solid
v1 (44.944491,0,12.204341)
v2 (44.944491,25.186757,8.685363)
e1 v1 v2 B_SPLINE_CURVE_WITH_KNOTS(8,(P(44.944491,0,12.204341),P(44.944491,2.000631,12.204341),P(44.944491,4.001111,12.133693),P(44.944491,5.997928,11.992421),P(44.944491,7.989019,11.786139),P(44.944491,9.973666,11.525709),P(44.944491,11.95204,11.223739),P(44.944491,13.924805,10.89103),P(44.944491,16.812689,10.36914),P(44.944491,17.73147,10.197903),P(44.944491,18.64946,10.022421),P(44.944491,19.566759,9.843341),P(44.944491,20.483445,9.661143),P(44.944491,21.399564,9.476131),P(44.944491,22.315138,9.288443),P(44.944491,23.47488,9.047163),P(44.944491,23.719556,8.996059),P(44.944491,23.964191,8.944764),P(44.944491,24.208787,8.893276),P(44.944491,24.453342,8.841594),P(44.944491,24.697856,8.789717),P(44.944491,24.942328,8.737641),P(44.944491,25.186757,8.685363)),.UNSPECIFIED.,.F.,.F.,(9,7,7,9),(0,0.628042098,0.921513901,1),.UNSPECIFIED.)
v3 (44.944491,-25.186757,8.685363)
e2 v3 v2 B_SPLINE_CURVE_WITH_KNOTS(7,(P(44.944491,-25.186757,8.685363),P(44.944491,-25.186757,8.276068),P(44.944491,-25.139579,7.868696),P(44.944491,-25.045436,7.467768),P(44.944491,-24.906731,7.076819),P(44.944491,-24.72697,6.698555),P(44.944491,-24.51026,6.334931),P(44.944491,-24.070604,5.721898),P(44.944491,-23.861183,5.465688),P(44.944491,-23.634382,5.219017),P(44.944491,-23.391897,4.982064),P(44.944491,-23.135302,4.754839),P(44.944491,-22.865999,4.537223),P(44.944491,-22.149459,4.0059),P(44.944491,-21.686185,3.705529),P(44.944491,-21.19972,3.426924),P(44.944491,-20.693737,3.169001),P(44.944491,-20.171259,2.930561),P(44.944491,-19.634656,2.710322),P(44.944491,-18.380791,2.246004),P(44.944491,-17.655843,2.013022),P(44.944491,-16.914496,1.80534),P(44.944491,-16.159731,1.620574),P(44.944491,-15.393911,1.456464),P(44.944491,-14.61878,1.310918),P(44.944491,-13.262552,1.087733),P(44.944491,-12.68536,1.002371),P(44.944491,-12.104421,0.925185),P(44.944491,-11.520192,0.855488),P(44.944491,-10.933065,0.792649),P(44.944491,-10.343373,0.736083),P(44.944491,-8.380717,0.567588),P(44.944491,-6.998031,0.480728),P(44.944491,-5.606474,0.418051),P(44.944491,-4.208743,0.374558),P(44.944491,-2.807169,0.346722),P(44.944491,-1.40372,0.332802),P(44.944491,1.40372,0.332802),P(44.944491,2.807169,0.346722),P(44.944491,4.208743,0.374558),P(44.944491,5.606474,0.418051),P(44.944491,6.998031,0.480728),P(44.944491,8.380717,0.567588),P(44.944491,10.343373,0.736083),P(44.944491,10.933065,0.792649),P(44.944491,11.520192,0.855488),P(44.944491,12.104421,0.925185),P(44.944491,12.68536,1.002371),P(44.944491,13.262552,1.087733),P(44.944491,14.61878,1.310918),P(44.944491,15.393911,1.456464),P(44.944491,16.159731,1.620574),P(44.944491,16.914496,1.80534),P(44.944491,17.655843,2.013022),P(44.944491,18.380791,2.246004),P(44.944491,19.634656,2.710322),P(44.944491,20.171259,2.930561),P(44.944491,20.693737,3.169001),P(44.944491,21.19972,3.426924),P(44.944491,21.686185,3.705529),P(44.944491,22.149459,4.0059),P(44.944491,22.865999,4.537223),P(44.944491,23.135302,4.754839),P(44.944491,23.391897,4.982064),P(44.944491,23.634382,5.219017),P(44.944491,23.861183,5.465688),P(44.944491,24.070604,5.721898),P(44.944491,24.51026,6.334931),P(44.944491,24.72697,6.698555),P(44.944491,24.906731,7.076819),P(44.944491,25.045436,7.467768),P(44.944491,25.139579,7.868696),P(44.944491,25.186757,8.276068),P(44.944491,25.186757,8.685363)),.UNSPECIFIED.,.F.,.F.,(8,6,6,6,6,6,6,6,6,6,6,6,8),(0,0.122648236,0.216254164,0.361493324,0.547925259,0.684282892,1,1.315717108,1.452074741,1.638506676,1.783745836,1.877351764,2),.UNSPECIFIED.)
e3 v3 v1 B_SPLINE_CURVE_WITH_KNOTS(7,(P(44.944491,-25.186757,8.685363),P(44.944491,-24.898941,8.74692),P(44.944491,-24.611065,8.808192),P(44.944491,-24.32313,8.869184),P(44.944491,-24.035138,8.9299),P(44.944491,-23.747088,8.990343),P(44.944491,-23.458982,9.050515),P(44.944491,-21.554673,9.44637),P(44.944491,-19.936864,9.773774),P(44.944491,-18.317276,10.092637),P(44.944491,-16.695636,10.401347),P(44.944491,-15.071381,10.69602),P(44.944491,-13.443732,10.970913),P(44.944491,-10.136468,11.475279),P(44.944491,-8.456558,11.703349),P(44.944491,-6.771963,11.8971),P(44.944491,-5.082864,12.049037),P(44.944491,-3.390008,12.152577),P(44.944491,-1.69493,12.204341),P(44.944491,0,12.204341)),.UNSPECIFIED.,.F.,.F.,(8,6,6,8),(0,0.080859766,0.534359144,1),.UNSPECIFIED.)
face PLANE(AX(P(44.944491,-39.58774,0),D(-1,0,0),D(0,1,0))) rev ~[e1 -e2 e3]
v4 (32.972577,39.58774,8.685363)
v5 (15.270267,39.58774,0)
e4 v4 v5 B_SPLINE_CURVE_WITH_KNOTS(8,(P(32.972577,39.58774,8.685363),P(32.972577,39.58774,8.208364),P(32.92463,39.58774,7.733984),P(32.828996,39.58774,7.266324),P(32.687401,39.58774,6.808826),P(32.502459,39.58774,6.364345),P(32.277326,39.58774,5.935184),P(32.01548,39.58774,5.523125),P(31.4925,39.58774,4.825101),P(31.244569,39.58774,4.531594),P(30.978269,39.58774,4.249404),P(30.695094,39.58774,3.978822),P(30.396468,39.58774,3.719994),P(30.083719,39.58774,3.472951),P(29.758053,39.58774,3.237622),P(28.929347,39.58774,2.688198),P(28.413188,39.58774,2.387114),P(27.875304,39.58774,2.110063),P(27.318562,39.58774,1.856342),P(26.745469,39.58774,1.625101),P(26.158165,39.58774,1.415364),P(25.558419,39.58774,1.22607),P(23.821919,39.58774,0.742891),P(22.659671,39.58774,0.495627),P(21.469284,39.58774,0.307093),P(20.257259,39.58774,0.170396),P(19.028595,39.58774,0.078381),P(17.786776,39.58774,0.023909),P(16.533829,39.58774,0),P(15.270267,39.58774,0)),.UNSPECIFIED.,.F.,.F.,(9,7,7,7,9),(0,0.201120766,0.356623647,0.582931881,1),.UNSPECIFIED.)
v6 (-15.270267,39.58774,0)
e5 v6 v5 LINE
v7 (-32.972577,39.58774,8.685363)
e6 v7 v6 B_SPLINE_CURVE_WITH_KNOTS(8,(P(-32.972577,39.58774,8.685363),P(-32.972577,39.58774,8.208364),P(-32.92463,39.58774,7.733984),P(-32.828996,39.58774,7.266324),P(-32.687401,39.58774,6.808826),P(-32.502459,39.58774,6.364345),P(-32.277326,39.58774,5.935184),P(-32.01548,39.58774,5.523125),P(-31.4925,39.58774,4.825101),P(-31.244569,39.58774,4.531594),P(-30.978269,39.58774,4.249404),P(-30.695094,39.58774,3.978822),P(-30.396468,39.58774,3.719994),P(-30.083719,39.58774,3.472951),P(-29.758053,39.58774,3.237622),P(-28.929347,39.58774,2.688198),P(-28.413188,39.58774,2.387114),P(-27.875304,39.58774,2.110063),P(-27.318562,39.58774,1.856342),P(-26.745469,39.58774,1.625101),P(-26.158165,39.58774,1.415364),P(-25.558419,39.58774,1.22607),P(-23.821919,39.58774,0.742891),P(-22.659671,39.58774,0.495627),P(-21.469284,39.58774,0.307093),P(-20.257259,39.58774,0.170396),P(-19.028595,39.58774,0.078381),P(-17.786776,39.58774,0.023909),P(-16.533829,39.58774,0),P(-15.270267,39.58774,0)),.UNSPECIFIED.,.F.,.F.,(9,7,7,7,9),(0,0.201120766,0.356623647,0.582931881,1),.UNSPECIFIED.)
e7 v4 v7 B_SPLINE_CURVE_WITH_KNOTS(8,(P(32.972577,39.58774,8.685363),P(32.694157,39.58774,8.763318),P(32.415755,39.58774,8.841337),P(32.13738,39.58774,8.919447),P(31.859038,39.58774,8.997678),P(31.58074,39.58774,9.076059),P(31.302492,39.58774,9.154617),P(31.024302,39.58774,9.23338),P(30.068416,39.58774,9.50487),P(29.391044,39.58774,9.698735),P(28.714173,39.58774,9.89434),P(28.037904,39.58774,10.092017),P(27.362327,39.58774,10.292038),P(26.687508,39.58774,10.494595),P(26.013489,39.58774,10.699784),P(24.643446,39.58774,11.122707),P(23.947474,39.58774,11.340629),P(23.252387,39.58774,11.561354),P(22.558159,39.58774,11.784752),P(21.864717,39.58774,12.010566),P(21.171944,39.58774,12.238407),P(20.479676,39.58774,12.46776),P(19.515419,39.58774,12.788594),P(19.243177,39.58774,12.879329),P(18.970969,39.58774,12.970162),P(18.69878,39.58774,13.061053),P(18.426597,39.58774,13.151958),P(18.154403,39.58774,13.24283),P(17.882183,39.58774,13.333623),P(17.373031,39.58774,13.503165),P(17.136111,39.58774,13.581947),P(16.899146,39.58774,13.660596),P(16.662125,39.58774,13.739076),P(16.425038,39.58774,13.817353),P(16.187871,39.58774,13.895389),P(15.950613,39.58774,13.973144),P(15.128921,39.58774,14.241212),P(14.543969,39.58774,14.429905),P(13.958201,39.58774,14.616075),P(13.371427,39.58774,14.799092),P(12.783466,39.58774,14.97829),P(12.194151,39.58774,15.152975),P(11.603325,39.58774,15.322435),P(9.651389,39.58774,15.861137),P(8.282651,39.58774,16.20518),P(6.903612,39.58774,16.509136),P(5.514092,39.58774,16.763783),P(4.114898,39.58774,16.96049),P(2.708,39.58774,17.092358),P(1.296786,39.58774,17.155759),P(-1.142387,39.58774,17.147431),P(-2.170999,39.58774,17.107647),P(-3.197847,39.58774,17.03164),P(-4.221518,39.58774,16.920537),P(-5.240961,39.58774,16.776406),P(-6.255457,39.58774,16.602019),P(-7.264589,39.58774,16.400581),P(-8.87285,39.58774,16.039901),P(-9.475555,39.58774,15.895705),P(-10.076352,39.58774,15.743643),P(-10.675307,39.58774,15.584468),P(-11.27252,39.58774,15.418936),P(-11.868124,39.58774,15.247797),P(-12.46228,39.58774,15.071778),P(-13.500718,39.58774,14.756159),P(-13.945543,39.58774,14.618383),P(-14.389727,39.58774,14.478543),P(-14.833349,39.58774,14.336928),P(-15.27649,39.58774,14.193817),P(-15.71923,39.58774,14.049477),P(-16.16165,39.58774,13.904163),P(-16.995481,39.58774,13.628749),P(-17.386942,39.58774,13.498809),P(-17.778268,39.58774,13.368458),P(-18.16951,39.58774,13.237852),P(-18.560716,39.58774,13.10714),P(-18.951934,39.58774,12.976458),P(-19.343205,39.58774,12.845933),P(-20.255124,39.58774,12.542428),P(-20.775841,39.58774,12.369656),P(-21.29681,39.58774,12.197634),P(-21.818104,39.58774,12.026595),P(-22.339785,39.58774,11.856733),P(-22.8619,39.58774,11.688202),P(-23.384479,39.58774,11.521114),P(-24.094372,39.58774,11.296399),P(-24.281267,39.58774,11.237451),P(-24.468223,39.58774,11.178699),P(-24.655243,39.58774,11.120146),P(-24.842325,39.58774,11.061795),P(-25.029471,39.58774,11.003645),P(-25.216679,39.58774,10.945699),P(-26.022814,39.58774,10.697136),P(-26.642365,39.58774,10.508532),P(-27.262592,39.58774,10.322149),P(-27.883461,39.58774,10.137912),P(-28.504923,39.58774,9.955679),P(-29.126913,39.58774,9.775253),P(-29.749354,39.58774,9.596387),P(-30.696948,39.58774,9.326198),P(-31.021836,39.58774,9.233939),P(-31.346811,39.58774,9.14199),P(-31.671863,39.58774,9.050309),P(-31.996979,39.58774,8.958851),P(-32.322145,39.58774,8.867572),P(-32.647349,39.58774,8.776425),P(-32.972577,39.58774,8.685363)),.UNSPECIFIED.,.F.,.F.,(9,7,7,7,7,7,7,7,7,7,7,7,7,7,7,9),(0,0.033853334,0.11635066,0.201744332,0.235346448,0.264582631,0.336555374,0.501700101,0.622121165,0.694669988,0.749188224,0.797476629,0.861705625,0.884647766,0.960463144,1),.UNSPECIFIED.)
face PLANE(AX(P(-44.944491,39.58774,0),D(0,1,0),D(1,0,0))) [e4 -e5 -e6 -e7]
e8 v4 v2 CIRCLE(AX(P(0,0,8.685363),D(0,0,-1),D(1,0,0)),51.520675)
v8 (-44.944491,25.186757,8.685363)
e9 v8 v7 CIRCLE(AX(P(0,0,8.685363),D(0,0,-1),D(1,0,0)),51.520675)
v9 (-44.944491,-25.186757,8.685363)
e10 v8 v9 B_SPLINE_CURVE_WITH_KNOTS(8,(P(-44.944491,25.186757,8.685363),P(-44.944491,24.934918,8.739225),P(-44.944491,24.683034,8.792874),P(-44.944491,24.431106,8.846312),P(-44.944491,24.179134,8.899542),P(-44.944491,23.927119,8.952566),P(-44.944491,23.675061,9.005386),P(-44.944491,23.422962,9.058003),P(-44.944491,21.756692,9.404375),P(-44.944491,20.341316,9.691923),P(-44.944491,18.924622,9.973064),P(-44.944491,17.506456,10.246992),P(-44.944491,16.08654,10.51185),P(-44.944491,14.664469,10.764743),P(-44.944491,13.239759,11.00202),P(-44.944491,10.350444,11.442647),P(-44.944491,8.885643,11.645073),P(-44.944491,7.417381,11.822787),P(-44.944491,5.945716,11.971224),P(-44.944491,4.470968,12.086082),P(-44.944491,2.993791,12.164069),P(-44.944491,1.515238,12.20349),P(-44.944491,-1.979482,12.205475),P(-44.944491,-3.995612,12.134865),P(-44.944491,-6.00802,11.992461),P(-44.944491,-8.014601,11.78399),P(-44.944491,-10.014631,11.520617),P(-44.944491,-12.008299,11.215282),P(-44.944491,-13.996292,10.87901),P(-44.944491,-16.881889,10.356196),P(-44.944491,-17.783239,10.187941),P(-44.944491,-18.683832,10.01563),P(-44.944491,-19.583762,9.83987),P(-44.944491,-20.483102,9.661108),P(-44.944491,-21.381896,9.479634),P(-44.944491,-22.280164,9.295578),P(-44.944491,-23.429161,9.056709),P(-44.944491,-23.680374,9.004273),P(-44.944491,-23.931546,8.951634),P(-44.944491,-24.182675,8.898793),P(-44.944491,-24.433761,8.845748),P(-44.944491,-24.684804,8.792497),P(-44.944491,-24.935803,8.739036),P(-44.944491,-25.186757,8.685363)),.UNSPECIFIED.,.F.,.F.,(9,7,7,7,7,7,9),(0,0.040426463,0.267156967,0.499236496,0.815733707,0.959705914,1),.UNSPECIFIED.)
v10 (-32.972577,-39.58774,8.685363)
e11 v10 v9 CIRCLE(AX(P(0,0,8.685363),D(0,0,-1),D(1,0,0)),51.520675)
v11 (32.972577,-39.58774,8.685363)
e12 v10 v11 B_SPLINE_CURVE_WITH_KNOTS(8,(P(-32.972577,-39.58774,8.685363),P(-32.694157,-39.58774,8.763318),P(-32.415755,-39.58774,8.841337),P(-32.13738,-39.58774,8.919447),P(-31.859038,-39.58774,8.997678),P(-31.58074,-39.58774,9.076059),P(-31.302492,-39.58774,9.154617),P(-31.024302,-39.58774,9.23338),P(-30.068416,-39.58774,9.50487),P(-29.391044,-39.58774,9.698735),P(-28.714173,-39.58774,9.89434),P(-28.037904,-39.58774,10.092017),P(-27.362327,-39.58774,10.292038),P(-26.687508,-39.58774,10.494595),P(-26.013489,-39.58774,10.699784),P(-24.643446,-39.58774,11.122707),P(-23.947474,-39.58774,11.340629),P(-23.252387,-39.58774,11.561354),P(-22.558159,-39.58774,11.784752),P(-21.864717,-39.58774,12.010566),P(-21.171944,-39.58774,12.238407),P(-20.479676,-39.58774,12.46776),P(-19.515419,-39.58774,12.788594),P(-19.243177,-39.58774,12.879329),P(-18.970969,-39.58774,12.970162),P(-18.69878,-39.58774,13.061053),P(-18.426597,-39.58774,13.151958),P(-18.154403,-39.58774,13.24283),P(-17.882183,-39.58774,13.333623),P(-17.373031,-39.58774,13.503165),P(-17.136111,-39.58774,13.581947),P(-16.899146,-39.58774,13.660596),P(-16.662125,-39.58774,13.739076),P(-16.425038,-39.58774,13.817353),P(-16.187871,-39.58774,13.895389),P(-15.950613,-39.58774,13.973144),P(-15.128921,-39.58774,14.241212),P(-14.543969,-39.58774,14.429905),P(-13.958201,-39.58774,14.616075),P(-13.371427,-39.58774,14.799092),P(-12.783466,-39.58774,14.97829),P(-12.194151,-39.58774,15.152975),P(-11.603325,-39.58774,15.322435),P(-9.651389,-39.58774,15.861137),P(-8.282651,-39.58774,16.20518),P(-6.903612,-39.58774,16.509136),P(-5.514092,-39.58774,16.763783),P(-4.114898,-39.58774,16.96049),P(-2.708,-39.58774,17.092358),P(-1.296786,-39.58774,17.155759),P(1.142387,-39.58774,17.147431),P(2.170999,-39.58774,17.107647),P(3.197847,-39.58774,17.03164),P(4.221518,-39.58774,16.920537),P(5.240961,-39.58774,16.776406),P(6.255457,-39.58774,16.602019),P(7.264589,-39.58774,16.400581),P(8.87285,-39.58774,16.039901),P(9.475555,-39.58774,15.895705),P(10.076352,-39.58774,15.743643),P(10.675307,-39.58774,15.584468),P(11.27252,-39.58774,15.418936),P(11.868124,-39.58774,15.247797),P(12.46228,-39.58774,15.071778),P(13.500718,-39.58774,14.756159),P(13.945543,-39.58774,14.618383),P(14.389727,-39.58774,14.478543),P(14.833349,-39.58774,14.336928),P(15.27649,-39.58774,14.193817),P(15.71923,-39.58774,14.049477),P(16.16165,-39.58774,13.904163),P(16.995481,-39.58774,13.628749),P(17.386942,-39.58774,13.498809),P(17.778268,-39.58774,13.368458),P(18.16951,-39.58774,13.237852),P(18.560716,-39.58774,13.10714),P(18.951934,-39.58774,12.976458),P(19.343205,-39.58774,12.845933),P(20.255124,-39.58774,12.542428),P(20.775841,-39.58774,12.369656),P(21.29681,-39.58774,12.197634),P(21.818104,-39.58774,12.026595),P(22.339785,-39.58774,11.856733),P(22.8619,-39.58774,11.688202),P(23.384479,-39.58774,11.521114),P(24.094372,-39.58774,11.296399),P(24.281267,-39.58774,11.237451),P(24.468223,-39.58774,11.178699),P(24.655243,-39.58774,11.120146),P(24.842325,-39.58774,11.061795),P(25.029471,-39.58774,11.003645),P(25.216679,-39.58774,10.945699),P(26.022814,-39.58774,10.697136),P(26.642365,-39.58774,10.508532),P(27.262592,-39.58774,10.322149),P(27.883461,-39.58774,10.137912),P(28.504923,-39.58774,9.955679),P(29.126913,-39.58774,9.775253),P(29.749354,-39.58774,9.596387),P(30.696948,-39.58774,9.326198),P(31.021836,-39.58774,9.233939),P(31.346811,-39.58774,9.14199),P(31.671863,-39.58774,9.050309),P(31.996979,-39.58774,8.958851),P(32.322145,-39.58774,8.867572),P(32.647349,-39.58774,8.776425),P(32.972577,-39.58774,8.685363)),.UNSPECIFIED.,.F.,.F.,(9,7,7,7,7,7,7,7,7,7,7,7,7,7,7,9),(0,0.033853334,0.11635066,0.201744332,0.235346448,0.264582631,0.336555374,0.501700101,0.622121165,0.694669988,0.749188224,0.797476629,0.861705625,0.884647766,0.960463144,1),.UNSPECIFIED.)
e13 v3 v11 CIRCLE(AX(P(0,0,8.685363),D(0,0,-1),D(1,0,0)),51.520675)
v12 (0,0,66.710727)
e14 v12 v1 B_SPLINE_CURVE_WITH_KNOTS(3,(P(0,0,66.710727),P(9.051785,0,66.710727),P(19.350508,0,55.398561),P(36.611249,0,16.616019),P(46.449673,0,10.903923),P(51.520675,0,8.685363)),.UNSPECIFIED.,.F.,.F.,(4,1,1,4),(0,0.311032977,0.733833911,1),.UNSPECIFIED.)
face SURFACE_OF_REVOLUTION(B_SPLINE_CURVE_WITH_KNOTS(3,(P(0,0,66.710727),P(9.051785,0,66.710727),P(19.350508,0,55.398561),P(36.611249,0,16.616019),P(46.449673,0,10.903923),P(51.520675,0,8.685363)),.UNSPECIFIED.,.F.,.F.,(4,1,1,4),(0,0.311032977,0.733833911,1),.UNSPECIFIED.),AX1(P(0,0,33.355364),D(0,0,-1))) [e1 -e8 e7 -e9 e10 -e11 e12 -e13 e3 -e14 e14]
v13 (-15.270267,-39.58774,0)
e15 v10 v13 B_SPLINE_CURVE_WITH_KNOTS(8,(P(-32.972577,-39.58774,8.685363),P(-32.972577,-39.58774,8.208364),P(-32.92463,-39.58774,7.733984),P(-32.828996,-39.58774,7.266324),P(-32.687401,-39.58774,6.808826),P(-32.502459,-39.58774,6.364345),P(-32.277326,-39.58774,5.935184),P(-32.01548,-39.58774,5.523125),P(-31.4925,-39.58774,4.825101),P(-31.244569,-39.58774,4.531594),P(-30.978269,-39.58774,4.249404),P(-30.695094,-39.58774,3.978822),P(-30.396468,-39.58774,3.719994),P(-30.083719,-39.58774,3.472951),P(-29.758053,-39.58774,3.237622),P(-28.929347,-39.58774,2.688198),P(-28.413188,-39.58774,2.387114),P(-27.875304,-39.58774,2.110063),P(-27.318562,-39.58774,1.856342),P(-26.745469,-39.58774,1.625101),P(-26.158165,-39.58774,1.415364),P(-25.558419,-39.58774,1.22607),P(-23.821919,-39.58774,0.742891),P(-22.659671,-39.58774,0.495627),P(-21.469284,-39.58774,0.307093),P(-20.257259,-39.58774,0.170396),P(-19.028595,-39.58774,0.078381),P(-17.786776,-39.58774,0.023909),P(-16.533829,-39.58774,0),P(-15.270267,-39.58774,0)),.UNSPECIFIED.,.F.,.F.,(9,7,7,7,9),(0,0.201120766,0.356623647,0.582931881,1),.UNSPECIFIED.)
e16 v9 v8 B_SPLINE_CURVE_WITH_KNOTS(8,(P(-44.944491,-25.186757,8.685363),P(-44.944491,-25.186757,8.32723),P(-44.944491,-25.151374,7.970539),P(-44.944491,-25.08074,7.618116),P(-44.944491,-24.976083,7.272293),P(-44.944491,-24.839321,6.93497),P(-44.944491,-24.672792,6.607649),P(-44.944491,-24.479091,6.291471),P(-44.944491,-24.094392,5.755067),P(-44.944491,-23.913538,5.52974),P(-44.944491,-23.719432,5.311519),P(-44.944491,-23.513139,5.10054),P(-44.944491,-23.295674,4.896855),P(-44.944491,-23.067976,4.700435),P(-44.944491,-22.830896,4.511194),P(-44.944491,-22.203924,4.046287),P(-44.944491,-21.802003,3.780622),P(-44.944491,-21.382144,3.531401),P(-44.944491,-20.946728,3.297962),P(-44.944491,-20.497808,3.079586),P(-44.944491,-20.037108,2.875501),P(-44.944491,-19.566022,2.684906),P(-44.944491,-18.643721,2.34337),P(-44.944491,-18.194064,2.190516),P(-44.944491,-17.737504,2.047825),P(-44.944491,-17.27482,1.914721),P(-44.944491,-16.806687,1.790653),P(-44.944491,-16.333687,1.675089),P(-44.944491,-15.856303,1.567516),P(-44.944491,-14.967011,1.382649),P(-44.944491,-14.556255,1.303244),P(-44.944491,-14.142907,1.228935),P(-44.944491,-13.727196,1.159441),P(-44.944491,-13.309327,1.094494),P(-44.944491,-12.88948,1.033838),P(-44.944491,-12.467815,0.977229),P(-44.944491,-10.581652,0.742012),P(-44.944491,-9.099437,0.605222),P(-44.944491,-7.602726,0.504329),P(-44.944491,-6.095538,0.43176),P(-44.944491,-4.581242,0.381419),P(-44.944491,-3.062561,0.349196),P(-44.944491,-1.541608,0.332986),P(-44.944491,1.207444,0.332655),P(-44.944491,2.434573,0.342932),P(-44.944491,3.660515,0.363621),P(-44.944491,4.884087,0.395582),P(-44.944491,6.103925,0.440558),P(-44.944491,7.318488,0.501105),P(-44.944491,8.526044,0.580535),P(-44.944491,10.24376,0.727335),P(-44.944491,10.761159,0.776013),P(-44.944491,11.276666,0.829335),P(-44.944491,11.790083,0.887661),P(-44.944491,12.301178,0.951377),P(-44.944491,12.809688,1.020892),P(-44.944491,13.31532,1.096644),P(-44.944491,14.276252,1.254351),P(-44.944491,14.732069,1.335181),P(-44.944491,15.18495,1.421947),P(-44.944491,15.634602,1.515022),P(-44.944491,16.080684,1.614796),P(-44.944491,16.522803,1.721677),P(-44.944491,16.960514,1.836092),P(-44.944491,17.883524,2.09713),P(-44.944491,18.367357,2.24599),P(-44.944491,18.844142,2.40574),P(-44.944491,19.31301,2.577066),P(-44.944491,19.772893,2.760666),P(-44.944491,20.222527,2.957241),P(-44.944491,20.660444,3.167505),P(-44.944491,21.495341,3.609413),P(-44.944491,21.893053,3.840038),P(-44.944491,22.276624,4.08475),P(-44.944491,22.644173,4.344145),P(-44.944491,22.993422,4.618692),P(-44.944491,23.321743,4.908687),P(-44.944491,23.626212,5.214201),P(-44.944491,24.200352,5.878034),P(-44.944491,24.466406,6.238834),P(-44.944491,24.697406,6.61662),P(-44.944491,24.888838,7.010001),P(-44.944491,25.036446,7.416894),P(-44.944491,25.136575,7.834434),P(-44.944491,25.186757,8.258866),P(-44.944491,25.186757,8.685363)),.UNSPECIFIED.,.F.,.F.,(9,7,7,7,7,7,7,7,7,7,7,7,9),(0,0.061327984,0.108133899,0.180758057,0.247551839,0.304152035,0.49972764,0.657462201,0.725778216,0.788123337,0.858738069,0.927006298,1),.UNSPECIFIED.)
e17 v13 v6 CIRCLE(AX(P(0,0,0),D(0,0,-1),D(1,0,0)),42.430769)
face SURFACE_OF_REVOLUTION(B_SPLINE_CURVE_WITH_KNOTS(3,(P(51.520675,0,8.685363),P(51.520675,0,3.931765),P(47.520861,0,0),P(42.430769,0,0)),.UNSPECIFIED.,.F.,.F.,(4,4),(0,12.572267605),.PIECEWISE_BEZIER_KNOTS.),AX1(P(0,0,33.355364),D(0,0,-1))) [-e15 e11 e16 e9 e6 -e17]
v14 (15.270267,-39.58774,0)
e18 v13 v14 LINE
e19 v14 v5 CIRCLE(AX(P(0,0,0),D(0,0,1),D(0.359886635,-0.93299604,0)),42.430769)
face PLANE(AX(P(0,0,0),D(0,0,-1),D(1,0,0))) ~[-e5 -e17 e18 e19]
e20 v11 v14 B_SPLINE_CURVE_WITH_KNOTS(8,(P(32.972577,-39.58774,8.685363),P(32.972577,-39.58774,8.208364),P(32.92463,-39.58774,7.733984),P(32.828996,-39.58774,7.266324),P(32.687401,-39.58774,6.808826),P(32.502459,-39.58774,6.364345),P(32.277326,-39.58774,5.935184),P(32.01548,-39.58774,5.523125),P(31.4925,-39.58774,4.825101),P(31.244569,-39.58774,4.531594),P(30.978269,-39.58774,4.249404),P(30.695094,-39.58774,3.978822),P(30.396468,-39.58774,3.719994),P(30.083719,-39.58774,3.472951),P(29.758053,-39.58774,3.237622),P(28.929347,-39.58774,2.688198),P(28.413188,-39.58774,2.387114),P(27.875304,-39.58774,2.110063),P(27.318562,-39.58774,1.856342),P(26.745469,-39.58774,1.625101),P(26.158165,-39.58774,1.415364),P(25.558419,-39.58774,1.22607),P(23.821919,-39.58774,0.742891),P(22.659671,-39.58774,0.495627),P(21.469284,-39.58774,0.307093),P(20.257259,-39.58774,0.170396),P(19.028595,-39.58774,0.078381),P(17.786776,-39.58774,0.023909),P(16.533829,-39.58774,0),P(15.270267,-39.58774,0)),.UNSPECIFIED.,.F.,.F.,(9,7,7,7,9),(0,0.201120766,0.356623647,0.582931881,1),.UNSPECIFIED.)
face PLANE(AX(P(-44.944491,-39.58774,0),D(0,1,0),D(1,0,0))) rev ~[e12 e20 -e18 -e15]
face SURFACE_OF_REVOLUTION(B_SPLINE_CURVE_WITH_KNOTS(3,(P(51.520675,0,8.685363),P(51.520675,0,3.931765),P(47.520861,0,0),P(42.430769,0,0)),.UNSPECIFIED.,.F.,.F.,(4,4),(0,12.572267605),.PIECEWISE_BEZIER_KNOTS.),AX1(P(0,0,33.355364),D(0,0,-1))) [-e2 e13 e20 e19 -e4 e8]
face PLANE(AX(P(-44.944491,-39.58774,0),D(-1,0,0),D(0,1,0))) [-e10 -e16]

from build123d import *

# Parameters (mm, degrees)
F2_W     = 89.8889824748
F2_H     = 79.1754797101
F3_DEPTH = 66.7117272195


with BuildPart() as f1:
    # F0 (on Front) → F1 (revolve)
    with BuildSketch(Plane.XZ):
        with BuildLine():
            add(Edge.make_bspline(
                [(0, 66.7107271195), (9.0517854526, 66.7107271195), (19.3505076566, 55.3985613272), (36.6112487311, 16.616018995), (46.4496734225, 10.9039233488), (51.5206754208, 8.6853625253)],
                knots=[0, 0, 0, 0, 0.3110329767, 0.7338339106, 1, 1, 1, 1], degree=3))
            Line((0, 66.7107271195), (0, 0))
            Line((0, 0), (42.4307694517, 0))
            add(Edge.make_bspline(
                [(51.5206754208, 8.6853625253), (51.5206754208, 3.9317647509), (47.5208608292, 0), (42.4307694517, 0)],
                knots=[0, 0, 0, 0, 12.5722676046, 12.5722676046, 12.5722676046, 12.5722676046], degree=3))
        make_face()
    revolve(axis=Axis((0, 0, 33.3553635597), (0, 0, -1)))

    # F2 (on Top) → F3 (intersect, through all)
    with BuildSketch(Plane.XY):
        Rectangle(F2_W, F2_H)
    extrude(amount=F3_DEPTH, mode=Mode.INTERSECT)


solid = f1.part
